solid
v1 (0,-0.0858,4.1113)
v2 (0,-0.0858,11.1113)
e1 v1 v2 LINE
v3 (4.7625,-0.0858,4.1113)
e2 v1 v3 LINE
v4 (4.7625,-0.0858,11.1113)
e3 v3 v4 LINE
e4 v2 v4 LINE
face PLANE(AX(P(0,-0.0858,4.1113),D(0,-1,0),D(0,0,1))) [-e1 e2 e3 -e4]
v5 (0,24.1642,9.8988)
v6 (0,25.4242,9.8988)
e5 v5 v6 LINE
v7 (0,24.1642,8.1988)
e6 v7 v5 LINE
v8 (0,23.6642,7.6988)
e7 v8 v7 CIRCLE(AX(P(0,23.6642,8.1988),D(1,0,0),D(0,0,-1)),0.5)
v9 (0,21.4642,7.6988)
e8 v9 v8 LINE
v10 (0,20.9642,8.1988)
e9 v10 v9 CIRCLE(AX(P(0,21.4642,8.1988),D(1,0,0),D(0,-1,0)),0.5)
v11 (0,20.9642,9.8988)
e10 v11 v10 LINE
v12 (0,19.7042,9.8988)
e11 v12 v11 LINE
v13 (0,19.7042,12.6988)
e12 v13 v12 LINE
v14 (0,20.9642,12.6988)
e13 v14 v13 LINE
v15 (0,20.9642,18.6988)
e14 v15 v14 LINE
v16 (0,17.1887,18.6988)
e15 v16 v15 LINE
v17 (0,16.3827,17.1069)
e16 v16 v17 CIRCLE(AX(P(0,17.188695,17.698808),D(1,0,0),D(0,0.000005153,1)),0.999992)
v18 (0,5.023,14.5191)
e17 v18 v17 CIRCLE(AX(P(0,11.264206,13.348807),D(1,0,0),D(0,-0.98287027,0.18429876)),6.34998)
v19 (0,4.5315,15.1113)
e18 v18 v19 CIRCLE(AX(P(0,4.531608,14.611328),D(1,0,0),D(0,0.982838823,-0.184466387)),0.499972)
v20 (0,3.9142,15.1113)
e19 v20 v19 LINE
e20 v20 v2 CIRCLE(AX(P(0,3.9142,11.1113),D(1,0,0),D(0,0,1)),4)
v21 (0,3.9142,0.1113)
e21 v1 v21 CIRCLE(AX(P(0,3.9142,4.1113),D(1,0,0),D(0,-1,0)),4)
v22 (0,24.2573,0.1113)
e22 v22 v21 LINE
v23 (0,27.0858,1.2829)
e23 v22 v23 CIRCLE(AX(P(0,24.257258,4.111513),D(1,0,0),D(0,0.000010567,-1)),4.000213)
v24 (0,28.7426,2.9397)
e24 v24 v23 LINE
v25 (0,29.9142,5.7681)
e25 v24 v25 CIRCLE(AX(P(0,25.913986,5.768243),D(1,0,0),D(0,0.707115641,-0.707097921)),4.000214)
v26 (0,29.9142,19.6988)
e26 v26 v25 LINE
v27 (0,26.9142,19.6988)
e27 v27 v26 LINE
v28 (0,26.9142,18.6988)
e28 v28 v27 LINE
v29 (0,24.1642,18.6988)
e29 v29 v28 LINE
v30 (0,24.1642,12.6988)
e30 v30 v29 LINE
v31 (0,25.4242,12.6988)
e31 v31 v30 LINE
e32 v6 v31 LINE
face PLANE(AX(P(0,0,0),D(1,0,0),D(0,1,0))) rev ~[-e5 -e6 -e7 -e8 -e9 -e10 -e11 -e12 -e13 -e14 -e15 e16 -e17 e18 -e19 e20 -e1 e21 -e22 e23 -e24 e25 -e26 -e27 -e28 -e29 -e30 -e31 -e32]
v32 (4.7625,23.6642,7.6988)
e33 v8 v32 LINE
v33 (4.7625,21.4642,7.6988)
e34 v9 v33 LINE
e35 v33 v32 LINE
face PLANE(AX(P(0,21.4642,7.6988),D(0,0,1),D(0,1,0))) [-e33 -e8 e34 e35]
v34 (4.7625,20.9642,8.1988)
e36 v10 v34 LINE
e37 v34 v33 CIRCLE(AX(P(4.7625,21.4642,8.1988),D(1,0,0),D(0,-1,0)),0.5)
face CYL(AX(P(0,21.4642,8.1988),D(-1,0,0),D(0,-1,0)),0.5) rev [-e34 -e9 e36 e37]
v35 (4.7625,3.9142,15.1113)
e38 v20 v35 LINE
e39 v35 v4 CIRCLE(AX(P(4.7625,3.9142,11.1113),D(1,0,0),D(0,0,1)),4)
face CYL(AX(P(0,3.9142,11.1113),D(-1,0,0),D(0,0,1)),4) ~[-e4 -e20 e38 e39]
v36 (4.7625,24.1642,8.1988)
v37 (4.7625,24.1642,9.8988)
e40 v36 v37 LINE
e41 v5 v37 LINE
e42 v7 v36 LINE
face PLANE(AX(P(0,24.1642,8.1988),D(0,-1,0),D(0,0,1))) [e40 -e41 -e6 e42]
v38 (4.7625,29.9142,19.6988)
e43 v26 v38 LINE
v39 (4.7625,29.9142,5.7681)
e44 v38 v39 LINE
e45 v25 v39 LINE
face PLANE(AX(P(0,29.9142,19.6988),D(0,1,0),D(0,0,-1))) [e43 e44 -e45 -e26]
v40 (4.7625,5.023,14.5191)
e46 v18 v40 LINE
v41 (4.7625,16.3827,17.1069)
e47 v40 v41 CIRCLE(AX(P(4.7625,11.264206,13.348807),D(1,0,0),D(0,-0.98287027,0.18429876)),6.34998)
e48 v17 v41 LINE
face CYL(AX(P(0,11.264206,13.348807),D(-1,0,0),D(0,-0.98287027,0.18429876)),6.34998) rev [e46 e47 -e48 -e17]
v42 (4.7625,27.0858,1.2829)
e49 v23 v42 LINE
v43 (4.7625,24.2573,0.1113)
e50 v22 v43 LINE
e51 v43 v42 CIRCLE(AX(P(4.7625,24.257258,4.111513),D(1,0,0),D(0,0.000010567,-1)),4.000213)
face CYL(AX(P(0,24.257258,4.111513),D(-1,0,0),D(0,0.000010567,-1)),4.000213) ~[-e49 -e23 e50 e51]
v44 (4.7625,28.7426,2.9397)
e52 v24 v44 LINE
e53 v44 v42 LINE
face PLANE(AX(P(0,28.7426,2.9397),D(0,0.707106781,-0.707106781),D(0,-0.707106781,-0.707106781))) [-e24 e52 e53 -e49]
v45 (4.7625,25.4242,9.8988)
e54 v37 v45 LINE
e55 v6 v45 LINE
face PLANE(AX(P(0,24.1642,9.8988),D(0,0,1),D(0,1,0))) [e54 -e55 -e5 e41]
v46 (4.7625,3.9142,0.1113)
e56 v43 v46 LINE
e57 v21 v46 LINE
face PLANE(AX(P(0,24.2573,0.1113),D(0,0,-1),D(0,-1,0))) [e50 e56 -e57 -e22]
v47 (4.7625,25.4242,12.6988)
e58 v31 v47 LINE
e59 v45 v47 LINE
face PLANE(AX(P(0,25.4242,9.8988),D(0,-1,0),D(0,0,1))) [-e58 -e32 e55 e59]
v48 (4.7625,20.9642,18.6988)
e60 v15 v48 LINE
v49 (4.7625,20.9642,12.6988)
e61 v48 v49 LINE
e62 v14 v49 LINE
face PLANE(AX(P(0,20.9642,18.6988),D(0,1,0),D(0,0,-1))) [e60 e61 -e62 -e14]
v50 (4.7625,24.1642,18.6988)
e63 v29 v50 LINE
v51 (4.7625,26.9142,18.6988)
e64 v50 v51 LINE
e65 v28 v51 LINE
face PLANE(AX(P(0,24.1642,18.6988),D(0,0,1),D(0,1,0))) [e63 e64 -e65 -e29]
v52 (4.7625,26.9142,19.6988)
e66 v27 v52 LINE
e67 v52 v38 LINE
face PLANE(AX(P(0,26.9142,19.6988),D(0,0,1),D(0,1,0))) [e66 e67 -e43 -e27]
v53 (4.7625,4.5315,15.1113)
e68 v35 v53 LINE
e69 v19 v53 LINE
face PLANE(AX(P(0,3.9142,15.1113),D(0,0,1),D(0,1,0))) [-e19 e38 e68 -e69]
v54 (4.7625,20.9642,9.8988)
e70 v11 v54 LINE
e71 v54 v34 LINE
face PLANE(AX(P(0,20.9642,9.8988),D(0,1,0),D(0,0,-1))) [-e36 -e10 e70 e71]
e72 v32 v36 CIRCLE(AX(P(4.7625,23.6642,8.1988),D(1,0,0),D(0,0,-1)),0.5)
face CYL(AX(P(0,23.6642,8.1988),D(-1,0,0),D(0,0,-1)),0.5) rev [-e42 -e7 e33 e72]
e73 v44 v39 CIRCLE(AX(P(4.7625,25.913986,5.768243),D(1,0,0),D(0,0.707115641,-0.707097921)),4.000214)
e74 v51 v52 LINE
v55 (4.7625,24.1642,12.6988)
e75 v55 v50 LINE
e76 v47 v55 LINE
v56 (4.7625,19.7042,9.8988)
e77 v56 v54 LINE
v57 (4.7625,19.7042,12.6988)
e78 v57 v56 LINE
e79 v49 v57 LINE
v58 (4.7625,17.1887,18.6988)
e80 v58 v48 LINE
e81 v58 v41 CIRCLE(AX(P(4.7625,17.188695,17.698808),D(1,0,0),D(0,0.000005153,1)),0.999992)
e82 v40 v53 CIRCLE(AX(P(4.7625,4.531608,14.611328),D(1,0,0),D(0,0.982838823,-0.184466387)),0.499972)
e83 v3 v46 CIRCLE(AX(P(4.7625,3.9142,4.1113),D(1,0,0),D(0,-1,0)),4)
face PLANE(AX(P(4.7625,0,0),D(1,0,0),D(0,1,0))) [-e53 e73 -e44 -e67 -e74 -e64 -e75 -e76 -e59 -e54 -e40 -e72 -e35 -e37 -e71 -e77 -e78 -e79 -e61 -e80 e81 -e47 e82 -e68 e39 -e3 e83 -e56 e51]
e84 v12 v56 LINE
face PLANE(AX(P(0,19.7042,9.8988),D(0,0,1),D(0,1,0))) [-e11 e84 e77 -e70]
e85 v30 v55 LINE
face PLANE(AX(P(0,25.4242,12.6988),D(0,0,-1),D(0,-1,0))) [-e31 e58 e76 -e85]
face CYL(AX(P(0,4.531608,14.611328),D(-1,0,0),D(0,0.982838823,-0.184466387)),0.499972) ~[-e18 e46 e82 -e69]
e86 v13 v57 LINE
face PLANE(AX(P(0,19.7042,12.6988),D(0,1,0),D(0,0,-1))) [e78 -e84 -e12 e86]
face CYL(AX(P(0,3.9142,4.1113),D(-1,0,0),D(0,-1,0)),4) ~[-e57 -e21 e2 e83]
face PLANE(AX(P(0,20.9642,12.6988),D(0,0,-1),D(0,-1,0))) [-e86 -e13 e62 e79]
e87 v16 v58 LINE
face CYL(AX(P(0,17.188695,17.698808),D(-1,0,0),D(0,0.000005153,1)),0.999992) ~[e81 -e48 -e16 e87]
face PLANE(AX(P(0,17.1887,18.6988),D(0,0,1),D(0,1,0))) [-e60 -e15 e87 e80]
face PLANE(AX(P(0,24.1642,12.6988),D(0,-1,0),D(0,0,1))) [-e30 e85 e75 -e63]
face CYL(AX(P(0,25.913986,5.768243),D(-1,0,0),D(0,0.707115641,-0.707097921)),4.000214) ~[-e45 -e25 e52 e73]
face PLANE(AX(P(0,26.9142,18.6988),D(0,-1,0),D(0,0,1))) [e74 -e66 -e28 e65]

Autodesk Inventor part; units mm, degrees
ref_plane "YZ Plane" through (0, 0, 0) normal (1, 0, 0) x (0, 1, 0)
ref_plane "XZ Plane" through (0, 0, 0) normal (0, 1, 0) x (-1, 0, 0)
ref_plane "XY Plane" through (0, 0, 0) normal (0, 0, 1) x (1, 0, 0)
sketch "Sketch1" plane through (0, 0, 0) normal (1, 0, 0) x (0, 1, 0)
  line L0 (28.7426, 2.9397) -> (27.0858, 1.2829)
  arc A0 (24.2573, 0.1113) -> (27.0858, 1.2829) centre (24.2573, 4.1113) ccw
  line L1 (24.2573, 0.1113) -> (3.9142, 0.1113)
  arc A1 (-0.0858, 4.1113) -> (3.9142, 0.1113) centre (3.9142, 4.1113) ccw
  line L2 (-0.0858, 4.1113) -> (-0.0858, 11.1113)
  arc A2 (3.9142, 15.1113) -> (-0.0858, 11.1113) centre (3.9142, 11.1113) ccw
  line L3 (3.9142, 15.1113) -> (4.5315, 15.1113)
  arc A3 (28.7426, 2.9397) -> (29.9142, 5.7681) centre (25.9142, 5.7681) ccw
  arc A4 (5.023, 14.5191) -> (4.5315, 15.1113) centre (4.5315, 14.6113) ccw
  arc A5 (5.023, 14.5191) -> (16.3827, 17.1069) centre (11.2642, 13.3488) ccw
  arc A6 (17.1887, 18.6988) -> (16.3827, 17.1069) centre (17.1887, 17.6988) ccw
  line L4 (17.1887, 18.6988) -> (20.9642, 18.6988)
  line L5 (20.9642, 18.6988) -> (20.9642, 12.6988)
  line L6 (20.9642, 12.6988) -> (19.7042, 12.6988)
  line L7 (19.7042, 12.6988) -> (19.7042, 9.8988)
  line L8 (19.7042, 9.8988) -> (20.9642, 9.8988)
  line L9 (20.9642, 9.8988) -> (20.9642, 8.1988)
  arc A7 (20.9642, 8.1988) -> (21.4642, 7.6988) centre (21.4642, 8.1988) ccw
  line L10 (21.4642, 7.6988) -> (23.6642, 7.6988)
  arc A8 (23.6642, 7.6988) -> (24.1642, 8.1988) centre (23.6642, 8.1988) ccw
  line L11 (24.1642, 8.1988) -> (24.1642, 9.8988)
  line L12 (24.1642, 9.8988) -> (25.4242, 9.8988)
  line L13 (25.4242, 9.8988) -> (25.4242, 12.6988)
  line L14 (25.4242, 12.6988) -> (24.1642, 12.6988)
  line L15 (24.1642, 12.6988) -> (24.1642, 18.6988)
  line L16 (24.1642, 18.6988) -> (26.9142, 18.6988)
  line L17 (26.9142, 18.6988) -> (26.9142, 19.6988)
  line L18 (26.9142, 19.6988) -> (29.9142, 19.6988)
  line L19 (29.9142, 19.6988) -> (29.9142, 5.7681)
  point P0 (0, 0)
extrude "Extrusion1" add sketch "Sketch1" along normal blind 4.7625
properties part number "acrylic x bushing bracket" material "Polycarbonate, Smoke"
